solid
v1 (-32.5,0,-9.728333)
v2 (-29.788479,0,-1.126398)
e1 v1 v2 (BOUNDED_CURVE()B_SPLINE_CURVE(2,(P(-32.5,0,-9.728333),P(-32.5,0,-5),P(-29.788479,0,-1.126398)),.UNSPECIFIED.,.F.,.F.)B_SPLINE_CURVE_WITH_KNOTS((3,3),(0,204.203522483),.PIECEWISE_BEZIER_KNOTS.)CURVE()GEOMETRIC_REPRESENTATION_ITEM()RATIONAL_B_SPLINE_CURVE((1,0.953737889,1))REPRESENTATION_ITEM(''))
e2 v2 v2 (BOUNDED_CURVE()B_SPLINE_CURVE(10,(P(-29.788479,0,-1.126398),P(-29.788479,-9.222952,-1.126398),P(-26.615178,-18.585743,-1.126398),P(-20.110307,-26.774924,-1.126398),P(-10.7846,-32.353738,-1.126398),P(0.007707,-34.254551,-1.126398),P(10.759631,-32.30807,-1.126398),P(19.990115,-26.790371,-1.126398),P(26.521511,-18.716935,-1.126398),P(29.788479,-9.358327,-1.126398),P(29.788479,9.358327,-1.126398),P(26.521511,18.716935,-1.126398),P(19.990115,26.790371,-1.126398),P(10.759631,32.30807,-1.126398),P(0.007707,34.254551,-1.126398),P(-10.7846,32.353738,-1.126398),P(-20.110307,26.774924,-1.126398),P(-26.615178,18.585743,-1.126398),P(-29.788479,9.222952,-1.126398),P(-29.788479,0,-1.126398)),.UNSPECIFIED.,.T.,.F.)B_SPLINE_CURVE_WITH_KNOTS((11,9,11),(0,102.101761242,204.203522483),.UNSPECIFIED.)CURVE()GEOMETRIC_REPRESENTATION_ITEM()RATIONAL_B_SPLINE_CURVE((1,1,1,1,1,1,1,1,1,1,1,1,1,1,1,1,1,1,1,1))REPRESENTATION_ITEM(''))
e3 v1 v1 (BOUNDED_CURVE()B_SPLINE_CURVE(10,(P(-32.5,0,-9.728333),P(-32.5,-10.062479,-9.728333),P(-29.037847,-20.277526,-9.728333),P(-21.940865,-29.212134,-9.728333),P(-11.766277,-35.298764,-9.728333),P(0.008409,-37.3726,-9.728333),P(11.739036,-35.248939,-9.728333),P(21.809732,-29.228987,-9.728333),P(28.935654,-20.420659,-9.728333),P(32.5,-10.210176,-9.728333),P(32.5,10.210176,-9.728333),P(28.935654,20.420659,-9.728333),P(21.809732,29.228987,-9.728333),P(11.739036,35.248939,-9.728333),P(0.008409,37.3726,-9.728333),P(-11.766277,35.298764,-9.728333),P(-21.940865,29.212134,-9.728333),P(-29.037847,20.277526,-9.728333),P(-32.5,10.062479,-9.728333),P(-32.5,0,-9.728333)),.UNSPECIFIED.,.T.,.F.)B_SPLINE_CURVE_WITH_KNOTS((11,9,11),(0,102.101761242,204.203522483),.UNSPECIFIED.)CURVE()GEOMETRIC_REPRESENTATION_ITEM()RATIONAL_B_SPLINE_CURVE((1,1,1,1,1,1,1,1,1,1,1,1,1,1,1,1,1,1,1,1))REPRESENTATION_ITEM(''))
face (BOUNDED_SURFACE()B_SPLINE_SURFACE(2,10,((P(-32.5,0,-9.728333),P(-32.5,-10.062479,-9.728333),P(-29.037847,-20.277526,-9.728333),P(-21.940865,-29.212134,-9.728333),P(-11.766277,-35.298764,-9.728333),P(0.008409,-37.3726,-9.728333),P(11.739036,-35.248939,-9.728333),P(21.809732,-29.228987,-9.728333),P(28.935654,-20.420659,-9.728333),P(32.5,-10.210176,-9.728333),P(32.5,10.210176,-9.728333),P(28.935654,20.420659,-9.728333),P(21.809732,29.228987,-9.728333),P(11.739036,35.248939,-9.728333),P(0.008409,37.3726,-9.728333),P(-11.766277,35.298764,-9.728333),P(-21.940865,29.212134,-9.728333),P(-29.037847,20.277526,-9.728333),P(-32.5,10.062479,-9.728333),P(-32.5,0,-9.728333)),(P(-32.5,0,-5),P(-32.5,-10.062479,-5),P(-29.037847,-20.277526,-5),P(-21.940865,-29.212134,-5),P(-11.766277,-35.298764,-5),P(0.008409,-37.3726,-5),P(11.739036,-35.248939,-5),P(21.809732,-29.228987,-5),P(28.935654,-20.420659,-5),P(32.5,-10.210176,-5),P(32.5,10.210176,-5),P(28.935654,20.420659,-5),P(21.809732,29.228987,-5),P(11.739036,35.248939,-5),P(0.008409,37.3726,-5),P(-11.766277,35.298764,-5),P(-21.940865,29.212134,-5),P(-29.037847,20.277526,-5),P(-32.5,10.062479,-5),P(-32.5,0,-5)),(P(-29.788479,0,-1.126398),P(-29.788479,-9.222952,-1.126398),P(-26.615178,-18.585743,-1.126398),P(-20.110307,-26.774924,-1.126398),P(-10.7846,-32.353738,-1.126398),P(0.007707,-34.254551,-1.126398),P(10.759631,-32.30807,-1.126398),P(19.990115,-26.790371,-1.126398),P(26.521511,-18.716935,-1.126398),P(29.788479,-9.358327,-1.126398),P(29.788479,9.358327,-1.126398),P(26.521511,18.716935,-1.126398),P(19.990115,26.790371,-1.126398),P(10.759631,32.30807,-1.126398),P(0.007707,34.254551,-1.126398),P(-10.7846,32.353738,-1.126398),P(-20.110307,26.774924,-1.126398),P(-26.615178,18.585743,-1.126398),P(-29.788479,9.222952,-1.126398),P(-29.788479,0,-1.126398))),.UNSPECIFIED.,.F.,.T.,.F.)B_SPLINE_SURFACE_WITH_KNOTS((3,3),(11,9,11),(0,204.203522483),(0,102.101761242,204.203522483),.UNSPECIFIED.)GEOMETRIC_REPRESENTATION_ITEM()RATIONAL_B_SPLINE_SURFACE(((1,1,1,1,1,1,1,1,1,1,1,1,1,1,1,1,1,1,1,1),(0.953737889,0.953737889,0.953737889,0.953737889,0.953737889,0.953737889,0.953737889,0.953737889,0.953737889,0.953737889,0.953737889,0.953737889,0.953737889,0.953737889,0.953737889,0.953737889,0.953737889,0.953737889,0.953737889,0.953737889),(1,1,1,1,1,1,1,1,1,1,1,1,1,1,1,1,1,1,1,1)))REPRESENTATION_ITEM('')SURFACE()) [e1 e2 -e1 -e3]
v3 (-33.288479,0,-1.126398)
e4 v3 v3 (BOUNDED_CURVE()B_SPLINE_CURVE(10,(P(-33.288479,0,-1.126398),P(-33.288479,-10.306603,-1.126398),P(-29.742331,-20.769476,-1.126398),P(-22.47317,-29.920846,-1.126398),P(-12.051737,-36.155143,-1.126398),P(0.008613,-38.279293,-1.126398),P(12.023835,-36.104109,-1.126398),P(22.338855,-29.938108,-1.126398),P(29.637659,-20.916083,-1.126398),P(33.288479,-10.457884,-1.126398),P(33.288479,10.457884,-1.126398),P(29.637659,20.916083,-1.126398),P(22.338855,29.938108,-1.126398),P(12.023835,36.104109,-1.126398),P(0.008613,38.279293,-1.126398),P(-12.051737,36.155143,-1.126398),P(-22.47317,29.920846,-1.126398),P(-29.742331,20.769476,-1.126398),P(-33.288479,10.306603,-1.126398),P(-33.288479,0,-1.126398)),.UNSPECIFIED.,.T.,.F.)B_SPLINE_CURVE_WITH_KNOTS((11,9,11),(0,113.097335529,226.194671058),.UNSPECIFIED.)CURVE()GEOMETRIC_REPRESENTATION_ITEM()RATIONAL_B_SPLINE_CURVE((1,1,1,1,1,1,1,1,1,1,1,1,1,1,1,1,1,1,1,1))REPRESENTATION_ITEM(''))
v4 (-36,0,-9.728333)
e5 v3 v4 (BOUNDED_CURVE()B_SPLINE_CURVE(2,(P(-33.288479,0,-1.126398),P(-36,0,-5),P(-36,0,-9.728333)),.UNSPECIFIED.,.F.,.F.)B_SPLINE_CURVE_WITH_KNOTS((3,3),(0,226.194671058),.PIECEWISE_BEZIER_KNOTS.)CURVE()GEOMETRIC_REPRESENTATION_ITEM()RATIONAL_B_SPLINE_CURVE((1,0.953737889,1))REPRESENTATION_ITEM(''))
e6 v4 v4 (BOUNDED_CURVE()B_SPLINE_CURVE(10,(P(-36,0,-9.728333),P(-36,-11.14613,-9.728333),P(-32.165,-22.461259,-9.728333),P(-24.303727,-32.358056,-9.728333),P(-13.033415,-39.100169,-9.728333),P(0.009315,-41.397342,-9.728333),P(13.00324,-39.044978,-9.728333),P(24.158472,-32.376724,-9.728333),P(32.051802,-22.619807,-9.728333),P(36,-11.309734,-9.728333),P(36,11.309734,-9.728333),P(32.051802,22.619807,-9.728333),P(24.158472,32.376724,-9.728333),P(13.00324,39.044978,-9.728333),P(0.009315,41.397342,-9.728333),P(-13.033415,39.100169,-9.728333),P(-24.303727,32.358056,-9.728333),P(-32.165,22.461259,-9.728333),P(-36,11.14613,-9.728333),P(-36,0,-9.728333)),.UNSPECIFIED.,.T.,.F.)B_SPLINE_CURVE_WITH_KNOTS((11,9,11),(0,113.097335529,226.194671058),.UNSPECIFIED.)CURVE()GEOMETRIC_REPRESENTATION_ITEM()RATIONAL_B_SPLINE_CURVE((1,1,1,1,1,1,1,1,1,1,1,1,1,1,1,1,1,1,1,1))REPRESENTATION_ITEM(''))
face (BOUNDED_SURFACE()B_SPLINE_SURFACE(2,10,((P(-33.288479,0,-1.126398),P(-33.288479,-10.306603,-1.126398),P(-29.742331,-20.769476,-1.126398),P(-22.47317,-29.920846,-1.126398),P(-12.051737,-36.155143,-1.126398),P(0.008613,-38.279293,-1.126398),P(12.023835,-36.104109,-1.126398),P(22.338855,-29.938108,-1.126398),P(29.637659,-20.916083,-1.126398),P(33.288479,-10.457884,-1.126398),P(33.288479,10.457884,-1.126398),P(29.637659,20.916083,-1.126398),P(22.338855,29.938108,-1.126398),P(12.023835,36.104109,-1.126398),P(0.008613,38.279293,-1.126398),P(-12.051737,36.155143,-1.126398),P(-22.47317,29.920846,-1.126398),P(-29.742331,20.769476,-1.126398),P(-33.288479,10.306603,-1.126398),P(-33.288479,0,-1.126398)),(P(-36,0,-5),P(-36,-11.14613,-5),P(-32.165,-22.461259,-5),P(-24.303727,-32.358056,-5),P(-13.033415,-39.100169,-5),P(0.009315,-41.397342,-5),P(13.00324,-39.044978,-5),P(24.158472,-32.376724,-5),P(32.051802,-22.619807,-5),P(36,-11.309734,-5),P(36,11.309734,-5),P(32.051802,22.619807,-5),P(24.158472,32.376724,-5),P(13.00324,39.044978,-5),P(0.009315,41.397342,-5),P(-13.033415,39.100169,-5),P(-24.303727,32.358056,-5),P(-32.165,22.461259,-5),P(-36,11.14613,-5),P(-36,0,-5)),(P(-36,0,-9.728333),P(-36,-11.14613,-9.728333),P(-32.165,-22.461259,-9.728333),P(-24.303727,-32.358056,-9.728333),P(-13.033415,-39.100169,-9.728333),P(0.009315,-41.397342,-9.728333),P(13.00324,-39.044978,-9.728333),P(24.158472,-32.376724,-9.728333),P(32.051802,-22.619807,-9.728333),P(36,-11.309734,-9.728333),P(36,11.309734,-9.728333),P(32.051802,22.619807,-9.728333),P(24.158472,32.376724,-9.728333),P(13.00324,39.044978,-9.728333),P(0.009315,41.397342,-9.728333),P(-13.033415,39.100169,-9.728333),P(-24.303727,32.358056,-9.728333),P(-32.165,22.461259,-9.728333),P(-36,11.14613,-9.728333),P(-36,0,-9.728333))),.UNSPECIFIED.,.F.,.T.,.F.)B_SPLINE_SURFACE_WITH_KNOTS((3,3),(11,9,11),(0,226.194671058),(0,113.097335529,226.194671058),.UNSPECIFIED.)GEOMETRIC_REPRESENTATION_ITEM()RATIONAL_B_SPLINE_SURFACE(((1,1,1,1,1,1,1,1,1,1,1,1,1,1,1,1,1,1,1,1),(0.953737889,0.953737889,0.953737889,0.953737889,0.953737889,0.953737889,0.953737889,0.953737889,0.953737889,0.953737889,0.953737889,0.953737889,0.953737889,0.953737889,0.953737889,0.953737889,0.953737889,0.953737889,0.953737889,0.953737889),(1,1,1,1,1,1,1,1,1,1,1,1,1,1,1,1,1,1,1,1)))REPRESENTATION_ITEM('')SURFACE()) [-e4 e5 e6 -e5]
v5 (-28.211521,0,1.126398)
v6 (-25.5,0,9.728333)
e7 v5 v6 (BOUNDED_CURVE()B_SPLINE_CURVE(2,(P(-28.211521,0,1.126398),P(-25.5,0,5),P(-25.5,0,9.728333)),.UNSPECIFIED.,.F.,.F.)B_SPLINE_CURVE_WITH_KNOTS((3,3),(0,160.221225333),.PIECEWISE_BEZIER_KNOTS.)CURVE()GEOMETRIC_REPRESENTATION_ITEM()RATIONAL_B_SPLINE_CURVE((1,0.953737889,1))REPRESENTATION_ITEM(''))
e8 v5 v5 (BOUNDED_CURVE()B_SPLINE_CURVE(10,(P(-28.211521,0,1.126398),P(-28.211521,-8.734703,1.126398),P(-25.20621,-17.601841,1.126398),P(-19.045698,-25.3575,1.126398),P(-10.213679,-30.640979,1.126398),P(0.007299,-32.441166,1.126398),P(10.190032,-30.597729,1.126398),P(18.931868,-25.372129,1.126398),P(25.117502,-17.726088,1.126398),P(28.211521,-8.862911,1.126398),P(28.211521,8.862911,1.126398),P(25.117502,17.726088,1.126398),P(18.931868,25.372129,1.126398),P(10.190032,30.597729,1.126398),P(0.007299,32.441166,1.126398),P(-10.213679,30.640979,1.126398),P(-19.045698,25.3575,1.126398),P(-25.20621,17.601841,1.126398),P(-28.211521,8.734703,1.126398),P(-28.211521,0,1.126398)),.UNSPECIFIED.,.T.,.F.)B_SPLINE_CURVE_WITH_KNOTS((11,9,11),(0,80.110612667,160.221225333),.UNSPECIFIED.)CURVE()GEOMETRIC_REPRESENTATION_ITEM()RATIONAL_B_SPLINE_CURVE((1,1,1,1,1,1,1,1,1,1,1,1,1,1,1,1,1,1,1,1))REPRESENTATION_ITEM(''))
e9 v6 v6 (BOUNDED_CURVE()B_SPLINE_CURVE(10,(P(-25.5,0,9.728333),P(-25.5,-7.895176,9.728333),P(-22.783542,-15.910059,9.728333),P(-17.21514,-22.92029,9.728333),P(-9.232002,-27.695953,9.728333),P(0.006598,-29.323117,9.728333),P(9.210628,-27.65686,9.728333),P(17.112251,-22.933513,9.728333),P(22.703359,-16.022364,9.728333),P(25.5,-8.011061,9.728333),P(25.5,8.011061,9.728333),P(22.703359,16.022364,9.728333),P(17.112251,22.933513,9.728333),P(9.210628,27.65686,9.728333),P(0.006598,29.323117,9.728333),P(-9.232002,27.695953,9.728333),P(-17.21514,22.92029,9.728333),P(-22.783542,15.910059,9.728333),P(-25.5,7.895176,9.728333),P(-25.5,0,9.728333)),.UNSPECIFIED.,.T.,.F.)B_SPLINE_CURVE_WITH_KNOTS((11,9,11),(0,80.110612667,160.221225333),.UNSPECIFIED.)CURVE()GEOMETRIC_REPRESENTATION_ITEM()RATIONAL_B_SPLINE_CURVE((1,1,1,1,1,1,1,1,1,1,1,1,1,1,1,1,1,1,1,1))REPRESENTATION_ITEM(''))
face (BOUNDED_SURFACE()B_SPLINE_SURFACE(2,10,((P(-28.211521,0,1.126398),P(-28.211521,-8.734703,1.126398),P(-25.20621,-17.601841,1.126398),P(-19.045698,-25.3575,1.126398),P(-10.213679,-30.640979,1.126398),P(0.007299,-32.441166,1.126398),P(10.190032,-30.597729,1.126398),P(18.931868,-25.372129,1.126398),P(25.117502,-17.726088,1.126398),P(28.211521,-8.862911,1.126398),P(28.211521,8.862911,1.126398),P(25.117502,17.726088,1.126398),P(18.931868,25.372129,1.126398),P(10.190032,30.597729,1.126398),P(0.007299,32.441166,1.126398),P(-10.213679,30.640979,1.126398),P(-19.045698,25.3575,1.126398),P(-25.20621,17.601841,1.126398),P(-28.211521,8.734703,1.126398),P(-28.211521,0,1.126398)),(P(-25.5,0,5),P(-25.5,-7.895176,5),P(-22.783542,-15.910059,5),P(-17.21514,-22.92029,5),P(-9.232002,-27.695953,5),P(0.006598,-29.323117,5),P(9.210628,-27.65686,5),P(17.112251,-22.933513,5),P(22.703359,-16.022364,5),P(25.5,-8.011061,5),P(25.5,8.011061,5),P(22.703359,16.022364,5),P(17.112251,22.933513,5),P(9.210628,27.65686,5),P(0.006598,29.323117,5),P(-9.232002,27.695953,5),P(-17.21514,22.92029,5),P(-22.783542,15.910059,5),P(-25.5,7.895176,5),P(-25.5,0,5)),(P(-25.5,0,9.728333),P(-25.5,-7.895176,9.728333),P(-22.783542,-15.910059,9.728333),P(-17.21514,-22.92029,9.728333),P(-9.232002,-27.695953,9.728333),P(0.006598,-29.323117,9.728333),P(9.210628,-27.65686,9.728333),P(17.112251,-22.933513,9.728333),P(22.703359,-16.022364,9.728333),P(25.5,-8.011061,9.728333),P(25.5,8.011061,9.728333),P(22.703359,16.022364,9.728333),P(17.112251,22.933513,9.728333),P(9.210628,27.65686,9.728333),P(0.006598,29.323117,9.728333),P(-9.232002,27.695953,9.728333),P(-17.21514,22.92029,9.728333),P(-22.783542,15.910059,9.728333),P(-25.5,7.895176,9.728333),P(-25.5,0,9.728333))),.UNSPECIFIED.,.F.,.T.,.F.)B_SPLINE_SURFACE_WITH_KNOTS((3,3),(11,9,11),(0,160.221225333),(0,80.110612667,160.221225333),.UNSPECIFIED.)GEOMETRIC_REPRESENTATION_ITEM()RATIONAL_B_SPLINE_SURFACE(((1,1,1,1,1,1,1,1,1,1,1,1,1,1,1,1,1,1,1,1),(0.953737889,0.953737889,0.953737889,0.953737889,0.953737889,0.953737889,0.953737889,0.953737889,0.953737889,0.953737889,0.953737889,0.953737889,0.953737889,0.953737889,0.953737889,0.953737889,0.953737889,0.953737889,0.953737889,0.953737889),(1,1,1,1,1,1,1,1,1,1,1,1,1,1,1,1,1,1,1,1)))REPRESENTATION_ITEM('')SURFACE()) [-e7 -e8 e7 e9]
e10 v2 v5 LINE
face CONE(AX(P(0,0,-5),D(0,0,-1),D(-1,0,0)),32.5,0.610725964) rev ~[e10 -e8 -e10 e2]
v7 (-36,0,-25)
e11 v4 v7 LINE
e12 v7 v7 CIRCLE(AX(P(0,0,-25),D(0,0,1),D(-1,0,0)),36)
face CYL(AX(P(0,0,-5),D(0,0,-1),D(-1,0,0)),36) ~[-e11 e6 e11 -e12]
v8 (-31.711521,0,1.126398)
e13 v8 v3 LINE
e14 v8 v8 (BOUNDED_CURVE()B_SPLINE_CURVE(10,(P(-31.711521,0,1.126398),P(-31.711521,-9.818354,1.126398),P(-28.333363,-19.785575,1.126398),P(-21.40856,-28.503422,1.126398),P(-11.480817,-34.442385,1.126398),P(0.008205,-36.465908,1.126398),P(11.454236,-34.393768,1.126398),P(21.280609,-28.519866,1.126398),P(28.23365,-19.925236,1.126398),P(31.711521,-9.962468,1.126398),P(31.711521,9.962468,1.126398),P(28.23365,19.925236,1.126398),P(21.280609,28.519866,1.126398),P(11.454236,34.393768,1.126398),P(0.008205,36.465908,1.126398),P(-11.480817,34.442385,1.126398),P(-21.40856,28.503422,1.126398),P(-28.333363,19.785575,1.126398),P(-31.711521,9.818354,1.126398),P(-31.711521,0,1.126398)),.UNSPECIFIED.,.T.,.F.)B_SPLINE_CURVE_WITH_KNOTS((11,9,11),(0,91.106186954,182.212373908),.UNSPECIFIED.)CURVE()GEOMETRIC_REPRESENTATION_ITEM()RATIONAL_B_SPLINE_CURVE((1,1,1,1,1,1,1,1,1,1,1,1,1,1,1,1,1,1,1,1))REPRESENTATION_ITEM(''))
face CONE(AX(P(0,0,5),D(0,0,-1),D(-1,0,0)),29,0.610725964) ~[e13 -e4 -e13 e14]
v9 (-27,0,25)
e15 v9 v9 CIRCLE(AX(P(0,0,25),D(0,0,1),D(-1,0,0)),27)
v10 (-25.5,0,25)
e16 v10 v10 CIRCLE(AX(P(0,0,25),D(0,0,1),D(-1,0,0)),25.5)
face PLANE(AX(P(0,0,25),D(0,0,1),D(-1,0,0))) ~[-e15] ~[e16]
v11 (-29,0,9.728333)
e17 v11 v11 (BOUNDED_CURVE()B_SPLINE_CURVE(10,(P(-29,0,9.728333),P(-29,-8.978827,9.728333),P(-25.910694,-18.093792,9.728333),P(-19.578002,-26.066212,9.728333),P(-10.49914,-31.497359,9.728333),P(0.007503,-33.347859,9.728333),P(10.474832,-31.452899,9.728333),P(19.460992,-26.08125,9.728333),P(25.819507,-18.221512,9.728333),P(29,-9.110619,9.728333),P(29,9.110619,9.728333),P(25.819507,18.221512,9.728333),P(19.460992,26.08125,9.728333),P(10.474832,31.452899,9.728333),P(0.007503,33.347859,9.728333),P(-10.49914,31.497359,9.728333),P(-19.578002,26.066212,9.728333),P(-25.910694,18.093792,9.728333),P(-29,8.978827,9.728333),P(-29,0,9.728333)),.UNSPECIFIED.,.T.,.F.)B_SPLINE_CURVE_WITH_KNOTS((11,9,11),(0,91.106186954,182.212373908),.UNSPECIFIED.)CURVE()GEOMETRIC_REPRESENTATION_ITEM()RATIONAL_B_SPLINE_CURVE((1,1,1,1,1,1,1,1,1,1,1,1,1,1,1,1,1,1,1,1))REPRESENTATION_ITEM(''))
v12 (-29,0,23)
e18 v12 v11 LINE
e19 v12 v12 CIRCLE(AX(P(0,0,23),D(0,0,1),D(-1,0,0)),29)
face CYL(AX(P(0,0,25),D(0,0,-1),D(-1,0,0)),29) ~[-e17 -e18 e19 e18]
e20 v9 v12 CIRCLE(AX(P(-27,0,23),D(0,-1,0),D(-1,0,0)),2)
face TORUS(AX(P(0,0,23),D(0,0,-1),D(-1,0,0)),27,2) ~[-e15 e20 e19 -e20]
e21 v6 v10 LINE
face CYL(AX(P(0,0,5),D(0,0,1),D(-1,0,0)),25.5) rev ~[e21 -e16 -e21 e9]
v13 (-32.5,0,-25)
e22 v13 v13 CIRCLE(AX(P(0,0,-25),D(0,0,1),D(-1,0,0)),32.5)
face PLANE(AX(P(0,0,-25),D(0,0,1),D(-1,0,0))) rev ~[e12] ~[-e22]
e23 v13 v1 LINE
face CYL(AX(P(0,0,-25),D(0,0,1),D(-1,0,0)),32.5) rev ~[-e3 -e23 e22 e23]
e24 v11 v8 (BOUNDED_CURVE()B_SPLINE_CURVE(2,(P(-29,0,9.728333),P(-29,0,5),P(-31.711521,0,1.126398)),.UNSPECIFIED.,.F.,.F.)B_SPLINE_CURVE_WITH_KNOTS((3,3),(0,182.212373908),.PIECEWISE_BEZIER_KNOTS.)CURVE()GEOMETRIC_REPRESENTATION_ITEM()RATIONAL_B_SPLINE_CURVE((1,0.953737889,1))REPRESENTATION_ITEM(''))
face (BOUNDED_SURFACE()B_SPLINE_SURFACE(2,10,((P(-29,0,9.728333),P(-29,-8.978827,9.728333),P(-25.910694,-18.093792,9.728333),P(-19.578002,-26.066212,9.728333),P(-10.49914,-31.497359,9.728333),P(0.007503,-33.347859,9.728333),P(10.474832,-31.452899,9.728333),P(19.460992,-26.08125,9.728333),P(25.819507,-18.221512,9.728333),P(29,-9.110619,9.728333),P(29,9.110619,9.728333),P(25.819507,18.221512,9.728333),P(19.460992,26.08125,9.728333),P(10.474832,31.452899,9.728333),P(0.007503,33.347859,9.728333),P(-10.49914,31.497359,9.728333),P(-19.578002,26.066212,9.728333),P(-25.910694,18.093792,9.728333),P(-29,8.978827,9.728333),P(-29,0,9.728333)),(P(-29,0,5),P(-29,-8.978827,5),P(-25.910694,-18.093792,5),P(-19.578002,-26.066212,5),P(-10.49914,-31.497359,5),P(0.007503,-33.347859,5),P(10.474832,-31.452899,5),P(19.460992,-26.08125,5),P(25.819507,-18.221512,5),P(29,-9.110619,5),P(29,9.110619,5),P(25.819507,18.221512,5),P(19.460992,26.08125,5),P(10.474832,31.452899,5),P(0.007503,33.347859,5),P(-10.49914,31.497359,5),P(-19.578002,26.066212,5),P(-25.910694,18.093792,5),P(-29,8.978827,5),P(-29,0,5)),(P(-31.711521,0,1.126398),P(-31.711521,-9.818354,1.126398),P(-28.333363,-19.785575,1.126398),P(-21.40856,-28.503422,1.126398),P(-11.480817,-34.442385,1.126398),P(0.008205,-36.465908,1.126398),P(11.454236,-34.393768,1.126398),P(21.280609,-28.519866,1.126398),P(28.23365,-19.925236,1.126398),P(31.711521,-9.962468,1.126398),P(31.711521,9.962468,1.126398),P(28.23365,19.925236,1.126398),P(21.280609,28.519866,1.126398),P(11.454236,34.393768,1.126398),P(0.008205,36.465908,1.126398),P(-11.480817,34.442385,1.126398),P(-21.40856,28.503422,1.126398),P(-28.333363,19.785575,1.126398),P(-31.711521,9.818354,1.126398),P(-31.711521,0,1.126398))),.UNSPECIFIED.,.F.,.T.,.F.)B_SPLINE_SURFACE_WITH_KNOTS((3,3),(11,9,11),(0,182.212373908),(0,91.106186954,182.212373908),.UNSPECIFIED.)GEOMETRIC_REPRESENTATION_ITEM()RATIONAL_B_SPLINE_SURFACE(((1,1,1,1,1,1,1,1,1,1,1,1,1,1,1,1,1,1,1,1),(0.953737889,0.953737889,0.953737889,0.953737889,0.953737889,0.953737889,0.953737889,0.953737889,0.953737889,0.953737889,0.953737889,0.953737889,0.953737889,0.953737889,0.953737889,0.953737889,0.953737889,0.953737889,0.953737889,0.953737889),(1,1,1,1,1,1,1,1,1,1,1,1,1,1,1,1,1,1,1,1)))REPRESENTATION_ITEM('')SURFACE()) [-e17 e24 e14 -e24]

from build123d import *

# Parameters (mm, degrees)
F2_R = 15
F3_R = 2


with BuildPart() as f1:
    # F0 (on Front) → F1 (revolve)
    with BuildSketch(Plane.XZ):
        Polygon((-36, -25), (-32.5, -25), (-32.5, -5), (-25.5, 5), (-25.5, 25), (-29, 25), (-29, 5), (-36, -5), align=None)
    revolve(axis=Axis((0, 0, 12.5), (0, 0, 1)))

    # F2
    f2_edges = [f1.edges().sort_by_distance(p)[0] for p in [
        (29, 0, 5),
        (36, 0, -5),
        (25.5, 0, 5),
        (32.5, 0, -5),
    ]]
    fillet(f2_edges, radius=F2_R)

    # F3
    f3_edges = [f1.edges().sort_by_distance(p)[0] for p in [
        (29, 0, 25),
    ]]
    fillet(f3_edges, radius=F3_R)


solid = f1.part
